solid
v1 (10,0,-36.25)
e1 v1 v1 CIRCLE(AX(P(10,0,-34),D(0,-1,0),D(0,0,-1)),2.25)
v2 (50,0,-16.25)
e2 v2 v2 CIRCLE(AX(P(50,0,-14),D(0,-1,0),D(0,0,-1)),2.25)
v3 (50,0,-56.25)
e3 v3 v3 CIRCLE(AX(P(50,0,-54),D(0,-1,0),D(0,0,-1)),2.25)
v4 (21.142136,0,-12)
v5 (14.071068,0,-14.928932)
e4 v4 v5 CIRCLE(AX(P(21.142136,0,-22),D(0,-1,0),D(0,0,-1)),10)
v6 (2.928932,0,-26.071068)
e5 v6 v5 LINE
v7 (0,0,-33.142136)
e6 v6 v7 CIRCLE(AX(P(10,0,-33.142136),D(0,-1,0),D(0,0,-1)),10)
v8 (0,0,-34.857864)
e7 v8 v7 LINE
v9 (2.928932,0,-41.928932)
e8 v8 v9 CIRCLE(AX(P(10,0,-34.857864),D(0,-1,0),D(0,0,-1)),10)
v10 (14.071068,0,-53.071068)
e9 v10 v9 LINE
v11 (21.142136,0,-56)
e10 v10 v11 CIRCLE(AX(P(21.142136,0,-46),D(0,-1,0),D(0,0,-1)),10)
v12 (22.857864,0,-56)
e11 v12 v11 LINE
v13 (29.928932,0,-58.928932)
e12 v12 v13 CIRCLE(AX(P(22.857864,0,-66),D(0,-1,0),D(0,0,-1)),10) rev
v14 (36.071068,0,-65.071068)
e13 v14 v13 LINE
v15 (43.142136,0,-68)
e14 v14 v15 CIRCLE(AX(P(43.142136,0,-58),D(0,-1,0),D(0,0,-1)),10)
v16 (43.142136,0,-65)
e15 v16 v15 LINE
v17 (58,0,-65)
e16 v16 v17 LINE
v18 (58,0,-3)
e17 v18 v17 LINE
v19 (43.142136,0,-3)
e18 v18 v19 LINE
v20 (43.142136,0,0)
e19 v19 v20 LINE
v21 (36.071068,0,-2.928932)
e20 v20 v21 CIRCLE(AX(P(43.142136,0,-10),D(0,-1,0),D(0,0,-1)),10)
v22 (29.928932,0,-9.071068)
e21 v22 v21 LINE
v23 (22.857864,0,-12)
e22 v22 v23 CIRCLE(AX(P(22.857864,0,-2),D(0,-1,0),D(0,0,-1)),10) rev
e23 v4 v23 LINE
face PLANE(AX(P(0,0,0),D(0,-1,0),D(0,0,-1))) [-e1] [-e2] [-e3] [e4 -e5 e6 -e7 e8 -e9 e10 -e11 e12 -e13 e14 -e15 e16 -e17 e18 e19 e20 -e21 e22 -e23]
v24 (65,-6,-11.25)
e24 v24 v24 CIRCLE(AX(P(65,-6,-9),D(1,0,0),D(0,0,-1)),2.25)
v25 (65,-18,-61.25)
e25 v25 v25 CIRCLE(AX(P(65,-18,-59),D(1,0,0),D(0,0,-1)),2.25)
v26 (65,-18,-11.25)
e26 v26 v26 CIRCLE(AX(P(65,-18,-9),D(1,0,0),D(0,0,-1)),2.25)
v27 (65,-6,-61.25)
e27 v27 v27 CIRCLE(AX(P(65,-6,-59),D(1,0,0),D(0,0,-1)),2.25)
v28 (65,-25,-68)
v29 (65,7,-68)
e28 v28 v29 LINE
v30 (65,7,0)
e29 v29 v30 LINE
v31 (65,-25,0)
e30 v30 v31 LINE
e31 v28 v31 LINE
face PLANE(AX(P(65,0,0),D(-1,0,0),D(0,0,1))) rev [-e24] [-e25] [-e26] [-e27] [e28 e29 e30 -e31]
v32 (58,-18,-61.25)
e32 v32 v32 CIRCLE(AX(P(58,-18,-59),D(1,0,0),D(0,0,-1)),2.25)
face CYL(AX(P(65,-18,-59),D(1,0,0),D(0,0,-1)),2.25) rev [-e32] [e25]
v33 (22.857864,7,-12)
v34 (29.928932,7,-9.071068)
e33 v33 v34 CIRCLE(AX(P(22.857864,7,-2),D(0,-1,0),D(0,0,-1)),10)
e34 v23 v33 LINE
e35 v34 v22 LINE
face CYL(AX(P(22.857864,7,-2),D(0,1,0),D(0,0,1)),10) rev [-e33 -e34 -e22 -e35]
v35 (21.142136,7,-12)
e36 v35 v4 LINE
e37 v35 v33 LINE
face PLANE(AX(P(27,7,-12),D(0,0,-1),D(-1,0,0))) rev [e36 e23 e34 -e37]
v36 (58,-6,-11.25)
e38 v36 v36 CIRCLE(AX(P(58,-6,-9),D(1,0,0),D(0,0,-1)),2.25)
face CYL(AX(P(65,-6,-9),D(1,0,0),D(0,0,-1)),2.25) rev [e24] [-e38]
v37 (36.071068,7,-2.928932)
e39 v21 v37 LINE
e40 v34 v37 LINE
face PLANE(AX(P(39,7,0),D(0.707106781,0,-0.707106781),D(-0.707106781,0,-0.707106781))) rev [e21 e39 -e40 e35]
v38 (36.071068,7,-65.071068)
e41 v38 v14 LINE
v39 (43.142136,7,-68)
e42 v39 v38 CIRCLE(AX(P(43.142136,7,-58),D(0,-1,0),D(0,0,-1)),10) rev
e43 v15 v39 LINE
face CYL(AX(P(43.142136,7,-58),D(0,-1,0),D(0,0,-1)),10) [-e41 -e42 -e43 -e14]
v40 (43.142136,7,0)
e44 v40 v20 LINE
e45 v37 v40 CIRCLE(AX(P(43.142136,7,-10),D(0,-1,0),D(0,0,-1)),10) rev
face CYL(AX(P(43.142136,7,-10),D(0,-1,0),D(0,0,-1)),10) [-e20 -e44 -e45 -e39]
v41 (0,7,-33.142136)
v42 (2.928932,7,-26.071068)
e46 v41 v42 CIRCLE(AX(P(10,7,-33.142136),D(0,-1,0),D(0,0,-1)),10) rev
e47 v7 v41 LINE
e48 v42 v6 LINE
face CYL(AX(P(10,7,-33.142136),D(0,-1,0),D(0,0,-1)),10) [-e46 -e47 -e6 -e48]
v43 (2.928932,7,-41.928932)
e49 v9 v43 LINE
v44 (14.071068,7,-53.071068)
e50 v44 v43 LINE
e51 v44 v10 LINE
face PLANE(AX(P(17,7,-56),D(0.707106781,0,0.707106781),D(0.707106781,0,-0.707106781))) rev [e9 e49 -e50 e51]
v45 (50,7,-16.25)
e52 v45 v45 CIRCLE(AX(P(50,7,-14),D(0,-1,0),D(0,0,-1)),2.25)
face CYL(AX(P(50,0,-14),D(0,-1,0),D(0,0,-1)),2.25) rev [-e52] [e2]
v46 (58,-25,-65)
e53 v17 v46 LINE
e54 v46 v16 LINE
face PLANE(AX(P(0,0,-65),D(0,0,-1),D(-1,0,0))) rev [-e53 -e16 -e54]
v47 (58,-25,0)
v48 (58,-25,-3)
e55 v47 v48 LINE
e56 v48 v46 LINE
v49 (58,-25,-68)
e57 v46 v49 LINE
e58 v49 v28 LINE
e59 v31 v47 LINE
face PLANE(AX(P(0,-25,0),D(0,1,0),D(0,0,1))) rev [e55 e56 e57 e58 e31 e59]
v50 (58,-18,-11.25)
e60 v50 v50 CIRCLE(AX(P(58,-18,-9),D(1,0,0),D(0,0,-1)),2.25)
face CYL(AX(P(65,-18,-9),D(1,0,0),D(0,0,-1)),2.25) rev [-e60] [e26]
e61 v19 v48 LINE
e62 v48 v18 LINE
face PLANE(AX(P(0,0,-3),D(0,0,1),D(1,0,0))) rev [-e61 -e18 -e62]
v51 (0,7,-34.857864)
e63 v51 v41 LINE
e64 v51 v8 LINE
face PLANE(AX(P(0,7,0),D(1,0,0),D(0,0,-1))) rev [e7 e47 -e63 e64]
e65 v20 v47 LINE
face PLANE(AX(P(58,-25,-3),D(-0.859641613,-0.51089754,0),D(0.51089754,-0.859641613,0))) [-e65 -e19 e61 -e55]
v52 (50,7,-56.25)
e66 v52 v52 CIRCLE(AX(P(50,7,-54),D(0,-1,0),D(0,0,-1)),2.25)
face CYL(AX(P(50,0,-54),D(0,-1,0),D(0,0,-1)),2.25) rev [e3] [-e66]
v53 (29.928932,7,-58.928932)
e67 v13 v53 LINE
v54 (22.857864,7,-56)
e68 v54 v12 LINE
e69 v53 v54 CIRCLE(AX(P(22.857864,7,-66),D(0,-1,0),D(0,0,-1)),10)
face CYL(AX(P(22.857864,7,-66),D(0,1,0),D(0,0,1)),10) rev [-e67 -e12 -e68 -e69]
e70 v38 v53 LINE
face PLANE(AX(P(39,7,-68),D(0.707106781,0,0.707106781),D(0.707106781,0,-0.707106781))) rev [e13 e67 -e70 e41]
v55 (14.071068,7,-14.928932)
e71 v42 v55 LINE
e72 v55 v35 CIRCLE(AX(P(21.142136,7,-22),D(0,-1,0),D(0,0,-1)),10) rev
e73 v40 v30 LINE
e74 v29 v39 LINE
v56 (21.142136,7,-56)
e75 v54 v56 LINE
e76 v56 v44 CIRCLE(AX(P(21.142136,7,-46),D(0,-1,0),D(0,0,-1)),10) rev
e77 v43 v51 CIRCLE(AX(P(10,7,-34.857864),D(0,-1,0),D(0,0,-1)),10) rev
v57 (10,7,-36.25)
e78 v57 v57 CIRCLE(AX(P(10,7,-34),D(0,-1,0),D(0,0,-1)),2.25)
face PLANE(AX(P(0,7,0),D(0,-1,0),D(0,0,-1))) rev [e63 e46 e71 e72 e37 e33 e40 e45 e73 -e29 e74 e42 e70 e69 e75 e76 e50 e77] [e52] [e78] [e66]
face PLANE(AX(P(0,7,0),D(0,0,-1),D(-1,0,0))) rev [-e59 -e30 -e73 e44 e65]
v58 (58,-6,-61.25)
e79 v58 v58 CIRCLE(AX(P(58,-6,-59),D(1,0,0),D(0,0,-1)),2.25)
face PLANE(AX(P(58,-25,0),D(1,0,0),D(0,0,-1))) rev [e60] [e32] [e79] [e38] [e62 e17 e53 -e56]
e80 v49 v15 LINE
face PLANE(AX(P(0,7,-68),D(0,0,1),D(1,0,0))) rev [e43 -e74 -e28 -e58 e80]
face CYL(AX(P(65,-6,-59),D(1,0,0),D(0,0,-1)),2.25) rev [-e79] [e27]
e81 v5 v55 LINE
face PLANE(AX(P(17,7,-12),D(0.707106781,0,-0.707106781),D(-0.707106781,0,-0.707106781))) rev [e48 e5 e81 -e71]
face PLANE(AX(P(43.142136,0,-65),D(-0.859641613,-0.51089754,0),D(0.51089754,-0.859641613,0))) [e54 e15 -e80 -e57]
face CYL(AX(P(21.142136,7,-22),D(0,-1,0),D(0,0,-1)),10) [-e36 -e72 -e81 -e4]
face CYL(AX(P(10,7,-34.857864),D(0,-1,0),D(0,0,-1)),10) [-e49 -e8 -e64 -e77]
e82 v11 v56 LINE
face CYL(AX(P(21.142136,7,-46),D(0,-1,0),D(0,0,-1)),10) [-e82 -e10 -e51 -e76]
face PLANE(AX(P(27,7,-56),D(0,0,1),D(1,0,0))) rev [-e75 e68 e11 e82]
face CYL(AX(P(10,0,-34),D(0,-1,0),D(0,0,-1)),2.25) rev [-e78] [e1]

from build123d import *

# Parameters (mm, degrees)
SKETCH1_W            = 60
SKETCH1_H            = 68
BOSS_EXTRUDE1_DEPTH  = 7
M4_CLEARANCE_HOLE4_D = 4.5
CUT_EXTRUDE5_DEPTH   = 91.956033335
FILLET3_R            = 10
SKETCH30_W           = 68
SKETCH30_H           = 7
BOSS_EXTRUDE8_DEPTH  = 5
SKETCH31_W           = 7
SKETCH31_H           = 68
BOSS_EXTRUDE9_DEPTH  = 25
M4_CLEARANCE_HOLE5_D = 4.5
BOSS_EXTRUDE12_DEPTH = 3
BOSS_EXTRUDE13_DEPTH = 3


with BuildPart() as part:
    # Sketch1 → Boss-Extrude1 (new body)
    with BuildSketch(Plane(origin=(0, 0, 0), x_dir=(1, 0, 0), z_dir=(0, 1, 0))):
        with Locations((30, 34)):
            Rectangle(SKETCH1_W, SKETCH1_H)
    extrude(amount=BOSS_EXTRUDE1_DEPTH)

    # M4 Clearance Hole4 (through all)
    with Locations(Plane(origin=(0, 0, 0), x_dir=(-1, 0, 0), z_dir=(0, -1, 0))):
        with Locations((-50, 54), (-50, 14), (-10, 34)):
            Hole(M4_CLEARANCE_HOLE4_D / 2)

    # Sketch29 → Cut-Extrude5 (cut, through all)
    with BuildSketch(Plane.XZ):
        Polygon((39, 0), (27, -12), (17, -12), (0, -29), (0, 0), align=None)
        Polygon((0, -39), (0, -68), (39, -68), (27, -56), (17, -56), align=None)
    extrude(amount=-CUT_EXTRUDE5_DEPTH, mode=Mode.SUBTRACT)

    # Fillet3
    fillet3_edges = [part.edges().sort_by_distance(p)[0] for p in [
        (39, 3.5, 0),
        (27, 3.5, -12),
        (17, 3.5, -12),
        (0, 3.5, -29),
        (0, 3.5, -39),
        (17, 3.5, -56),
        (27, 3.5, -56),
        (39, 3.5, -68),
    ]]
    fillet(fillet3_edges, radius=FILLET3_R)

    # Sketch30 → Boss-Extrude8 (add)
    with BuildSketch(Plane(origin=(60, 0, 0), x_dir=(0, 0, -1), z_dir=(1, 0, 0))):
        with Locations((34, 3.5)):
            Rectangle(SKETCH30_W, SKETCH30_H)
    extrude(amount=BOSS_EXTRUDE8_DEPTH)

    # Sketch31 → Boss-Extrude9 (add)
    with BuildSketch(Plane.XZ):
        with Locations((61.5, -34)):
            Rectangle(SKETCH31_W, SKETCH31_H)
    extrude(amount=BOSS_EXTRUDE9_DEPTH)

    # M4 Clearance Hole5 (through all)
    with Locations(Plane(origin=(65, 0, 0), x_dir=(0, 0, -1), z_dir=(1, 0, 0))):
        with Locations((59, -6), (59, -18), (9, -6), (9, -18)):
            Hole(M4_CLEARANCE_HOLE5_D / 2)

    # Sketch36 → Boss-Extrude12 (add)
    with BuildSketch(Plane.XY):
        Polygon((58, -25), (43.142135624, 0), (58, 0), align=None)
    extrude(amount=-BOSS_EXTRUDE12_DEPTH)

    # Sketch37 → Boss-Extrude13 (add)
    with BuildSketch(Plane(origin=(0, 0, -68), x_dir=(-1, 0, 0), z_dir=(0, 0, -1))):
        Polygon((-43.142135624, 0), (-58, -25), (-58, 0), align=None)
    extrude(amount=-BOSS_EXTRUDE13_DEPTH)


solid = part.part
